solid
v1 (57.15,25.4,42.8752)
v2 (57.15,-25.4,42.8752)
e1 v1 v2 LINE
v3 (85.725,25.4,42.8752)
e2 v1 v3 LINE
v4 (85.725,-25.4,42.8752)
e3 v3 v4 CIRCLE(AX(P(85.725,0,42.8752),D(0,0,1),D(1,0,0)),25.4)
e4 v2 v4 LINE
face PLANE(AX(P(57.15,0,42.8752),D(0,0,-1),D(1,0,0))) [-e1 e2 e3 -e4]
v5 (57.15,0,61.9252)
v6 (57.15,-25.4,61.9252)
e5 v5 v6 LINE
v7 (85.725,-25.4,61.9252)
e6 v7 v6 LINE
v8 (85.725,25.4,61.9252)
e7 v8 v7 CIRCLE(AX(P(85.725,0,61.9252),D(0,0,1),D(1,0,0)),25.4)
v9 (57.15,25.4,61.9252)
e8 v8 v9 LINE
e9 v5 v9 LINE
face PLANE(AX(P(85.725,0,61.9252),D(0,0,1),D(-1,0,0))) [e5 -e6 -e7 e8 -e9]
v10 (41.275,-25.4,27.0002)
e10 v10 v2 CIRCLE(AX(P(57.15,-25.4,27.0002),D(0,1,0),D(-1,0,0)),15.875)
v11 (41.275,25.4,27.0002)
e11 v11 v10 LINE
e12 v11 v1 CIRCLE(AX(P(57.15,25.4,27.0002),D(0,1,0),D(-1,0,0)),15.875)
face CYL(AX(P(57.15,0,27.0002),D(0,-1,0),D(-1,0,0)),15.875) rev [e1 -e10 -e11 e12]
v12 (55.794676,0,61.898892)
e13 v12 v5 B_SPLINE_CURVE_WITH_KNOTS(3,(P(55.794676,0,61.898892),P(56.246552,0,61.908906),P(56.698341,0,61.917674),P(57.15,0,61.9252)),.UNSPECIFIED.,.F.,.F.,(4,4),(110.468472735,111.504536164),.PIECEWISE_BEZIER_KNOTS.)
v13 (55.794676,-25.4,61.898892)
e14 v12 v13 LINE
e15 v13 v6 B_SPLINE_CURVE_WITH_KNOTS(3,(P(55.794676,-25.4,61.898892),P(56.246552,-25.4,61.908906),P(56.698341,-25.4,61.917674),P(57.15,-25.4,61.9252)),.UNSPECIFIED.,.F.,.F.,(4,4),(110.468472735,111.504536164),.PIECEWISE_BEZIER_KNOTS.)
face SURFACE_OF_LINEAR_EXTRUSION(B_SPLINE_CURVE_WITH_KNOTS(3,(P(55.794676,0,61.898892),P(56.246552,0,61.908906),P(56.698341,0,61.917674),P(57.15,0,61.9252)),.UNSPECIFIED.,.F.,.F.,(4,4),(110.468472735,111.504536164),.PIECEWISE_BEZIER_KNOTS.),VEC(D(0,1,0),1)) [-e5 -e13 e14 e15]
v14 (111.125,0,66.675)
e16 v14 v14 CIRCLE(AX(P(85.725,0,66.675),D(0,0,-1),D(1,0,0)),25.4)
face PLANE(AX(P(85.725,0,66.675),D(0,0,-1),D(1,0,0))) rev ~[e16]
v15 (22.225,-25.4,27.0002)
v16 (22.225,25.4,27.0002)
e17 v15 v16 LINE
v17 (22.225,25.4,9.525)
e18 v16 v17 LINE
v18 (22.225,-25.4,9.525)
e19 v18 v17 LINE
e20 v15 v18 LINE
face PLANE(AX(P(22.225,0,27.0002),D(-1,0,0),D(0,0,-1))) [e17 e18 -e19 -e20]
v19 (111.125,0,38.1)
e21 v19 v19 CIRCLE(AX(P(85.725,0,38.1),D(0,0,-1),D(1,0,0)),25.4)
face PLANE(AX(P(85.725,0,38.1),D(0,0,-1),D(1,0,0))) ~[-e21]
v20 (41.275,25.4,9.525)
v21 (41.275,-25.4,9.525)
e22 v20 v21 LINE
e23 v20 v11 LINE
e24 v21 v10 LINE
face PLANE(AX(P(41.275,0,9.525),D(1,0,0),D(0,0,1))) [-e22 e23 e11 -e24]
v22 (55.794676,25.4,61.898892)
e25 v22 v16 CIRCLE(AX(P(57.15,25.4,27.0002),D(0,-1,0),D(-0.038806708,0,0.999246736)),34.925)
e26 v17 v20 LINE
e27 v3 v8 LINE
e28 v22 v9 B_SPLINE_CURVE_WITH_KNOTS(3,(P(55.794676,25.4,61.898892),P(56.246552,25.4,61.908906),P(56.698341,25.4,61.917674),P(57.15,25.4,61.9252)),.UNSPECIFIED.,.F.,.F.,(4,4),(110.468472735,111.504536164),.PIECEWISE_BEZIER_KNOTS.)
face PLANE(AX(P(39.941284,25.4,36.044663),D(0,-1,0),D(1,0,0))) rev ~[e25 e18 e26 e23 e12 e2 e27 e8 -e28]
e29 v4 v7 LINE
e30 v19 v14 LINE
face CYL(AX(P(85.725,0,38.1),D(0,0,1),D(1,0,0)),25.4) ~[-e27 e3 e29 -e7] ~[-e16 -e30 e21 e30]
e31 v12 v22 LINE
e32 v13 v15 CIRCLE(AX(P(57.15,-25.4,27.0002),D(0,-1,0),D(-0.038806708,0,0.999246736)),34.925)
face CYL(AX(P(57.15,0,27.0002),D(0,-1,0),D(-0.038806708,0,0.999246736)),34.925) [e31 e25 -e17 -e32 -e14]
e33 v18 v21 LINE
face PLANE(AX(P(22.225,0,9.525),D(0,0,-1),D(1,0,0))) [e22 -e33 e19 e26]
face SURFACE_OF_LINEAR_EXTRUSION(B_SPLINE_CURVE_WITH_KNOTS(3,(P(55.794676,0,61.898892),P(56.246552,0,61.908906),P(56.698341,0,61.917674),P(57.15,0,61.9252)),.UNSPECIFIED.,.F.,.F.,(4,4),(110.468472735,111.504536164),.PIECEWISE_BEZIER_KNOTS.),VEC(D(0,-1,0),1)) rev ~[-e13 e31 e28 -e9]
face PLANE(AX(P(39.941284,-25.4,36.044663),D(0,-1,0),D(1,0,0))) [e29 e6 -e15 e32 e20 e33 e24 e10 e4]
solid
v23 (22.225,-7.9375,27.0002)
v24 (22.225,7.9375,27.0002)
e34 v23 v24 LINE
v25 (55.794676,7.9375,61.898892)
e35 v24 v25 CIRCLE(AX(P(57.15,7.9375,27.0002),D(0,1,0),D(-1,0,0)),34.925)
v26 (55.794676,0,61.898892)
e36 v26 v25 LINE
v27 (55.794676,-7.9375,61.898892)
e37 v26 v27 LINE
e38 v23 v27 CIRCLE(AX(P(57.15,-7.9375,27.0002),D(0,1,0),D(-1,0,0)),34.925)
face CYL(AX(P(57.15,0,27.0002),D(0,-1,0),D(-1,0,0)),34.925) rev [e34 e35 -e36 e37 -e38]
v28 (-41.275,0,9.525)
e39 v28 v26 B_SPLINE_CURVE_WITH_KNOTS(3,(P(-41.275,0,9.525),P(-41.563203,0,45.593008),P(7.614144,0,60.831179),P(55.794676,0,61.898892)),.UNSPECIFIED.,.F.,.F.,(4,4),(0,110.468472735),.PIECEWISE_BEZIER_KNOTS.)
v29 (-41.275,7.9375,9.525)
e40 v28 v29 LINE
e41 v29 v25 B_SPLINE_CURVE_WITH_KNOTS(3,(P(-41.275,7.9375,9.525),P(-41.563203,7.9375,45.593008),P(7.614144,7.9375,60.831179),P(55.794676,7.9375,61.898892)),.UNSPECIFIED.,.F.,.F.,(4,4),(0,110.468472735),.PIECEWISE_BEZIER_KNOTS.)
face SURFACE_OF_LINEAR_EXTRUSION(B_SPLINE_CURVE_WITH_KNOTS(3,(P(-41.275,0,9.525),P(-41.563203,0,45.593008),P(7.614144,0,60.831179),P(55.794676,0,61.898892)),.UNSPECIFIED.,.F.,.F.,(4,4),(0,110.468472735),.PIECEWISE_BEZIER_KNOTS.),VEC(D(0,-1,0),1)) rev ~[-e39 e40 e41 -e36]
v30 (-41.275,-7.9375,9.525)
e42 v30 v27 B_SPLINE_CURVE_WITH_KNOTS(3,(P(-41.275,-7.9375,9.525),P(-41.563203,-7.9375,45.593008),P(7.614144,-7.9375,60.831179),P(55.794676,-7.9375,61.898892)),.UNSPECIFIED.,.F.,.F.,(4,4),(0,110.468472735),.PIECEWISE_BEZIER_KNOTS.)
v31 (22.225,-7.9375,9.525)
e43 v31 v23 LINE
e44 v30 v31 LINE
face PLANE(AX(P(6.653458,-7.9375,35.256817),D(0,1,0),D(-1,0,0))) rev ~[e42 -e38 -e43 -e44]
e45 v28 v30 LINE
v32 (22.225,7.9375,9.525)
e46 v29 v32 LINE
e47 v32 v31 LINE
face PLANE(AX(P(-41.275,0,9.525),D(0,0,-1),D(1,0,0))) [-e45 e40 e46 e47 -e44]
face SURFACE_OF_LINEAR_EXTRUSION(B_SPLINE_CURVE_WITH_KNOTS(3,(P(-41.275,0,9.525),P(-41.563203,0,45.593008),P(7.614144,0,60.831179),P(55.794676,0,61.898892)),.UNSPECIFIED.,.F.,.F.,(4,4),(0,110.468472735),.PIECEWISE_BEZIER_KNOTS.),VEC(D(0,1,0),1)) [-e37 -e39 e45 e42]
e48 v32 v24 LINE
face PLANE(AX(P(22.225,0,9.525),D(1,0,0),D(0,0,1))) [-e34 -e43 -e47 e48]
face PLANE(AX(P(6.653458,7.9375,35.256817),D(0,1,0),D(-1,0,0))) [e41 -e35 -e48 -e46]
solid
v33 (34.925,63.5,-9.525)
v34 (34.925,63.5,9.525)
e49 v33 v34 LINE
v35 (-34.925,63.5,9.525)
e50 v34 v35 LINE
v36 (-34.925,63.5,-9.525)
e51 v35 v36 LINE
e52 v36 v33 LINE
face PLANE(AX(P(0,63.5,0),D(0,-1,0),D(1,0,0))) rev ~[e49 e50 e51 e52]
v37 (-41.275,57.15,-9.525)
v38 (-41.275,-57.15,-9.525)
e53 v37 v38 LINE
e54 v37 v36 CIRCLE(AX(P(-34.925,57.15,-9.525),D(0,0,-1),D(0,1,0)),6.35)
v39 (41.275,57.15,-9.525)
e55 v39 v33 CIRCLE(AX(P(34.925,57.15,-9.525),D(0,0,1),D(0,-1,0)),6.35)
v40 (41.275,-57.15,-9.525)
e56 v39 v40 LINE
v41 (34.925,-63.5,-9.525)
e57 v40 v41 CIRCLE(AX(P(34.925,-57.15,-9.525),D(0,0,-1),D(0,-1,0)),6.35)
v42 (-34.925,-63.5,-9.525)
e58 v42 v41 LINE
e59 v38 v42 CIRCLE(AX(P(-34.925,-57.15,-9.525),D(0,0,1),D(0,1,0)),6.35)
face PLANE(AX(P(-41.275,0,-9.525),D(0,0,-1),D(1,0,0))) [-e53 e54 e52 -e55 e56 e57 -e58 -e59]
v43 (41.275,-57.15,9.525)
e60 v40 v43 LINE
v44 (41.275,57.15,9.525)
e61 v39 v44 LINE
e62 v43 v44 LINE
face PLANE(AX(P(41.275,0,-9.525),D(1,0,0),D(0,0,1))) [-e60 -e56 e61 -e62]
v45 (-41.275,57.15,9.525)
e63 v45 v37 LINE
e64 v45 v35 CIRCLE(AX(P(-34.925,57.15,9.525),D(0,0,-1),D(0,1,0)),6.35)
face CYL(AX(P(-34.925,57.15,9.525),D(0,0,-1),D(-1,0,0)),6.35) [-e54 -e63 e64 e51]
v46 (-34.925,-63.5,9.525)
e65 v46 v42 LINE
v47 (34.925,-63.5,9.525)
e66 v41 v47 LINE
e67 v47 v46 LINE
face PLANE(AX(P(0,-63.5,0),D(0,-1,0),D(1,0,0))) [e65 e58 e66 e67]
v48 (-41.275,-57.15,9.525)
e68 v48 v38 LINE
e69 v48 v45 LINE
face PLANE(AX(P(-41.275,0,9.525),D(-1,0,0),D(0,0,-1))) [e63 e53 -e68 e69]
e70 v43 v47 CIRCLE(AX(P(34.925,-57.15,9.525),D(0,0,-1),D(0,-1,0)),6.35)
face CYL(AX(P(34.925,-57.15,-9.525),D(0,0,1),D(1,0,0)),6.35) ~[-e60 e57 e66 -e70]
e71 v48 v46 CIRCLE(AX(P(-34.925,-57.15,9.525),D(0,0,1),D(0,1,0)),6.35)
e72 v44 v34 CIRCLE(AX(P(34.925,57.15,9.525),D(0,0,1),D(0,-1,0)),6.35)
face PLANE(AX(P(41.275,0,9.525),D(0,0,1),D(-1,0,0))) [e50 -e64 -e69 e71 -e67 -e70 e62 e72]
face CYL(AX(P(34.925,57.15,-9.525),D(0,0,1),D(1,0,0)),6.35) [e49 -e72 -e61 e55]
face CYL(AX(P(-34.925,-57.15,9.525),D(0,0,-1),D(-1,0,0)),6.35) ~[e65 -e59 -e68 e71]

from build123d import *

# Parameters (mm, degrees)
F1_DEPTH = 63.5
F0_W     = 25.4
F0_H     = 19.05
F2_DEPTH = 25.4
F3_DEPTH = 7.9375
F5_R     = 6.35


with BuildPart() as f1:
    # F0 (on Front) → F1 (new body, symmetric)
    with BuildSketch(Plane.XZ):
        Polygon((-41.275, 9.525), (-41.275, -9.525), (41.275, -9.525), (41.275, 9.525), (22.225, 9.525), align=None)
    extrude(amount=F1_DEPTH, both=True)

    # F5
    f5_edges = [f1.edges().sort_by_distance(p)[0] for p in [
        (-41.275, -63.5, 0),
        (41.275, -63.5, 0),
        (-41.275, 63.5, 0),
        (41.275, 63.5, 0),
    ]]
    fillet(f5_edges, radius=F5_R)


with BuildPart() as f2:
    # F0 (on Front) → F2 (new body, symmetric)
    with BuildSketch(Plane.XZ):
        with BuildLine():
            Line((22.225, 9.525), (41.275, 9.525))
            Line((41.275, 9.525), (41.275, 27.0002))
            ThreePointArc((41.275, 27.0002), (45.9246798487, 38.2255201513), (57.15, 42.8752))
            Line((57.15, 42.8752), (60.325, 42.8752))
            Line((60.325, 42.8752), (60.325, 61.9252))
            Line((60.325, 61.9252), (57.15, 61.9252))
            add(Edge.make_bspline(
                [(55.7946757302, 61.8988922552), (56.2465520458, 61.9089061366), (56.6983406792, 61.9176735536), (57.15, 61.9252)],
                knots=[110.4684727353, 110.4684727353, 110.4684727353, 110.4684727353, 111.5045361635, 111.5045361635, 111.5045361635, 111.5045361635], degree=3))
            ThreePointArc((55.7946757302, 61.8988922552), (31.9796769476, 51.2119835452), (22.225, 27.0002))
            Line((22.225, 27.0002), (22.225, 9.525))
        make_face()
        with Locations((73.025, 52.4002)):
            Rectangle(F0_W, F0_H)
    extrude(amount=F2_DEPTH, both=True)

    # F0 (on Front) → F4 (revolve)
    with BuildSketch(Plane.XZ):
        Polygon((85.725, 66.675), (85.725, 61.9252), (85.725, 42.8752), (85.725, 38.1), (111.125, 38.1), (111.125, 66.675), align=None)
    revolve(axis=Axis((85.725, 0, 52.3875), (0, 0, -1)))


with BuildPart() as f3:
    # F0 (on Front) → F3 (new body, symmetric)
    with BuildSketch(Plane.XZ):
        with BuildLine():
            add(Edge.make_bspline(
                [(-41.275, 9.525), (-41.5632032513, 45.593008189), (7.6141444166, 60.831179454), (55.7946757302, 61.8988922552)],
                knots=[0, 0, 0, 0, 110.4684727353, 110.4684727353, 110.4684727353, 110.4684727353], degree=3))
            Line((-41.275, 9.525), (22.225, 9.525))
            Line((22.225, 9.525), (22.225, 27.0002))
            ThreePointArc((22.225, 27.0002), (31.9796769476, 51.2119835452), (55.7946757302, 61.8988922552))
        make_face()
    extrude(amount=F3_DEPTH, both=True)


solid = Compound([f1.part, f2.part, f3.part])
